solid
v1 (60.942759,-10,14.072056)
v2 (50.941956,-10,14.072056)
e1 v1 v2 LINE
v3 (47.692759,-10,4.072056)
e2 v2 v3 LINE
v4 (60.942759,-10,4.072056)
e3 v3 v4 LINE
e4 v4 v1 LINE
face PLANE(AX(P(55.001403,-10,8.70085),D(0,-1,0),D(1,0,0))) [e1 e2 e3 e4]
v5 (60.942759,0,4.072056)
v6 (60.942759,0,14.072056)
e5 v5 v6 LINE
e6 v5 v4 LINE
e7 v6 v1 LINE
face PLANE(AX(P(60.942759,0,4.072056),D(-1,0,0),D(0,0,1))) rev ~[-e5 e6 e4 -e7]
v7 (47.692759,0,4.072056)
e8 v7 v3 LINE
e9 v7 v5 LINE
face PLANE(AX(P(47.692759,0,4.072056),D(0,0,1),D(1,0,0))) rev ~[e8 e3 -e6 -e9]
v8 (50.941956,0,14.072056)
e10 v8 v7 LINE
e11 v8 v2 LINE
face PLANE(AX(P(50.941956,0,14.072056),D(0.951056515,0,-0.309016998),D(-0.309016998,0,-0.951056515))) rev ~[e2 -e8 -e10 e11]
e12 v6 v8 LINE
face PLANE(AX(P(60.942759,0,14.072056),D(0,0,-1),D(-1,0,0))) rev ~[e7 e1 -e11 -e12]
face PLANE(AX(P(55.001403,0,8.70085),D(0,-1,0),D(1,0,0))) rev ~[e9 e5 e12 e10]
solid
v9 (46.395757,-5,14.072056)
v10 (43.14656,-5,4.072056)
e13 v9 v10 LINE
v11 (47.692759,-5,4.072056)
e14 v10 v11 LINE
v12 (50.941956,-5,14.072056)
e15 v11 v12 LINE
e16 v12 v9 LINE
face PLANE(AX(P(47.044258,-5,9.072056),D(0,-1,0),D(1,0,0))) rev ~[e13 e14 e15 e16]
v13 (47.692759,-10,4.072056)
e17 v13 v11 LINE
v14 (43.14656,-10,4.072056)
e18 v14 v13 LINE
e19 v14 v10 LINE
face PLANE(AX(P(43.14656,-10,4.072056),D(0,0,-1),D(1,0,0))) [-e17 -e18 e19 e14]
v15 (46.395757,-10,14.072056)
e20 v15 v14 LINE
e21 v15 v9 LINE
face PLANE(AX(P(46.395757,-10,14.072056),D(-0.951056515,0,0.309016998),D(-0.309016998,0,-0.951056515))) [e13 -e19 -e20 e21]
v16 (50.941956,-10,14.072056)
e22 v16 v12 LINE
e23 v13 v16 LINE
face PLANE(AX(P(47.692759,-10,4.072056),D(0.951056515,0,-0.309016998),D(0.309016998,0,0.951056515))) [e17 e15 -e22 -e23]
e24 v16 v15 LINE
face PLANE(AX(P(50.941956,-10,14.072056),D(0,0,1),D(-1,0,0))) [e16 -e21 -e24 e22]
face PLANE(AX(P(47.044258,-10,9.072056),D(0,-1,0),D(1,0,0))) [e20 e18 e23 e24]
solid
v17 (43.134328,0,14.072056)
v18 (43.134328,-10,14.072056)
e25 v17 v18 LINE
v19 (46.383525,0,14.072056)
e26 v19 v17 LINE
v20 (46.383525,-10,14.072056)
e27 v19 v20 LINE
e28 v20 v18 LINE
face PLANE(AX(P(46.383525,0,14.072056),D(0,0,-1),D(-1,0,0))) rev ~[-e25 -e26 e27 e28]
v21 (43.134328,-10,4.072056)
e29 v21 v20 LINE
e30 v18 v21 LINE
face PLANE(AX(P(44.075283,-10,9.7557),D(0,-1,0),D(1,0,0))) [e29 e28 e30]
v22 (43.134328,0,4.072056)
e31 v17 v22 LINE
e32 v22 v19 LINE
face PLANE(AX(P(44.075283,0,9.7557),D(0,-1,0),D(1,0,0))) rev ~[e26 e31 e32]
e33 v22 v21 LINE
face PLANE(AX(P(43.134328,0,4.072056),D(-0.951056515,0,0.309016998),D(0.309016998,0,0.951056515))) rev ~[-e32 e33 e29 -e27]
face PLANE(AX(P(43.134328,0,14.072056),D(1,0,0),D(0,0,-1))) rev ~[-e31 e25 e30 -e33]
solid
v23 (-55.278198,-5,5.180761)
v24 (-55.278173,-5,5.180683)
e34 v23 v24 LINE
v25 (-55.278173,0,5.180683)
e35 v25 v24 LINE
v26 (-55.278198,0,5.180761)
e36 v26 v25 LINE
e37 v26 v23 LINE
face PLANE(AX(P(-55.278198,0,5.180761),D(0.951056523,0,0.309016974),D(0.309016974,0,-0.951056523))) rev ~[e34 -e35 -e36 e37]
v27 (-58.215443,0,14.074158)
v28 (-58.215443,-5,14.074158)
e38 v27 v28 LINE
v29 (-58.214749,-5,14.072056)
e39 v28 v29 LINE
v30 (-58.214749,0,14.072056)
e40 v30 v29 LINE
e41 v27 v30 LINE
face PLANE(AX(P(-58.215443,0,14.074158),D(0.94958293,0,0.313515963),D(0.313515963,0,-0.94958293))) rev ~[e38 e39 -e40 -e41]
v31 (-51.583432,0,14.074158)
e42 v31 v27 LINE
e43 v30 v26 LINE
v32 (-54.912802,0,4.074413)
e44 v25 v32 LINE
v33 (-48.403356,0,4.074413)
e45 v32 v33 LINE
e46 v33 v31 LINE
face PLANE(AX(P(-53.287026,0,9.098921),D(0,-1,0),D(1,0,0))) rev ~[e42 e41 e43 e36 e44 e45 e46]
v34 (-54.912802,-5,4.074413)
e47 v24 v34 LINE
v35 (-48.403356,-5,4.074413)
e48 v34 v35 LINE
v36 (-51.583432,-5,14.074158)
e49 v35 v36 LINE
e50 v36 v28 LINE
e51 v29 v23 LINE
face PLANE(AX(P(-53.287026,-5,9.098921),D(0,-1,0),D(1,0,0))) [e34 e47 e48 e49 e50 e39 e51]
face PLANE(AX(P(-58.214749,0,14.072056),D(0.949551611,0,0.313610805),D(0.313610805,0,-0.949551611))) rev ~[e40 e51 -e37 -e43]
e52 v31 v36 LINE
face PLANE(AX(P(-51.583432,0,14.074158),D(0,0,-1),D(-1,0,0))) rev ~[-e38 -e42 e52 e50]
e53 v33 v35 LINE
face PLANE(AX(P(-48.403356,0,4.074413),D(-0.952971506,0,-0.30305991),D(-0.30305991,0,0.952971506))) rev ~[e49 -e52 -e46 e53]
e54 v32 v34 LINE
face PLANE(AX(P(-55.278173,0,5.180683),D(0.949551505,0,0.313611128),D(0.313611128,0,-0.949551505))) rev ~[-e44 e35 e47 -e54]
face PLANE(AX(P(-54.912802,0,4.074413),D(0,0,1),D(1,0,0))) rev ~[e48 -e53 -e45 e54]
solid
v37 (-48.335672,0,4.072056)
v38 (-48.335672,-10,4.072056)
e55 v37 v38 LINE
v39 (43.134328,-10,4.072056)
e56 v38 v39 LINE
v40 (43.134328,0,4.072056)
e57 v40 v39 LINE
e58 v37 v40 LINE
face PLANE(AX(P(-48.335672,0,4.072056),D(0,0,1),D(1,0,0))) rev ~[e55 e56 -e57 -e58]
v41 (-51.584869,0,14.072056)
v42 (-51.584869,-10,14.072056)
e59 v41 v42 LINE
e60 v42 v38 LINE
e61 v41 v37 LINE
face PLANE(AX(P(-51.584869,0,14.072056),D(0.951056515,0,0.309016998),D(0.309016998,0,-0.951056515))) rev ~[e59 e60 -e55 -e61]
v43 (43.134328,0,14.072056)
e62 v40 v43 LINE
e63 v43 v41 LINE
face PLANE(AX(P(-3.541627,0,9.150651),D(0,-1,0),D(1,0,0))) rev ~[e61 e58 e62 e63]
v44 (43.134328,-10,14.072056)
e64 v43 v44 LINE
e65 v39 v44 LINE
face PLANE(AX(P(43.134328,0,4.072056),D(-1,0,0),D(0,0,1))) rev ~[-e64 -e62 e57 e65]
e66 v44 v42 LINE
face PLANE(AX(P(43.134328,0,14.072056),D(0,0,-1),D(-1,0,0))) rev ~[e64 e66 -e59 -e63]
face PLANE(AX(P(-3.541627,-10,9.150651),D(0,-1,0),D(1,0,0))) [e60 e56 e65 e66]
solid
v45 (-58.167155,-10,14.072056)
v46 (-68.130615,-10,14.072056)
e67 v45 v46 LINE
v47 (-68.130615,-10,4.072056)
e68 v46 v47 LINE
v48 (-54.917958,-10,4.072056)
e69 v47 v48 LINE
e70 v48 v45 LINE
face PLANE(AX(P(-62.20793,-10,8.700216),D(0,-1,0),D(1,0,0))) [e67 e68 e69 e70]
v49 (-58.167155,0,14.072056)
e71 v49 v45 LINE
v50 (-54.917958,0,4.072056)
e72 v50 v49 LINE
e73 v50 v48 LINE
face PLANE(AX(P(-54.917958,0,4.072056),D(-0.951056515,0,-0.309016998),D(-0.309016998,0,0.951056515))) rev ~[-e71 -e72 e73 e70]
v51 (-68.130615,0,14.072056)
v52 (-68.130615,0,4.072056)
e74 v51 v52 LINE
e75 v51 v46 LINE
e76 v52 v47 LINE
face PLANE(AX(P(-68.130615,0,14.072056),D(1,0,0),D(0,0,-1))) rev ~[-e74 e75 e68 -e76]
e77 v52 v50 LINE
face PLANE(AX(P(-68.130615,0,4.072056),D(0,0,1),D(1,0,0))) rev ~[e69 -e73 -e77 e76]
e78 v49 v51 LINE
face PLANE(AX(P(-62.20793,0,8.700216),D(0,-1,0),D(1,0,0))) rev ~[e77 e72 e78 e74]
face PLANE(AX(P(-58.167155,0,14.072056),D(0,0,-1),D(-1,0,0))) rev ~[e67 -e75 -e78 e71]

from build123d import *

# Parameters (mm, degrees)
F1_DEPTH = 10
F3_DEPTH = 5
F5_DEPTH = 10
F7_DEPTH = 5


with BuildPart() as f1:
    # F0 (on Front) → F1 (new body)
    with BuildSketch(Plane.XZ):
        Polygon((-58.167155, 14.072056), (-68.130615, 14.072056), (-68.130615, 4.072056), (-54.917958, 4.072056), align=None)
        Polygon((-48.335672, 4.072056), (43.134328, 4.072056), (43.134328, 14.072056), (-51.584869, 14.072056), align=None)
    extrude(amount=F1_DEPTH)


with BuildPart() as f3:
    # F2 (on face) → F3 (new body)
    with BuildSketch(Plane.XZ):
        Polygon((-55.278173, 5.180683), (-54.912802, 4.074413), (-48.403356, 4.074413), (-51.583432, 14.074158), (-58.215443, 14.074158), (-58.214749, 14.072056), (-58.167155, 14.072056), align=None)
        Polygon((-58.215443, 14.074158), (-54.912802, 4.074413), (-48.403356, 4.074413), (-51.583432, 14.074158), align=None)
    extrude(amount=F3_DEPTH)


with BuildPart() as f5:
    # F4 (on face) → F5 (new body)
    with BuildSketch(Plane.XZ):
        Polygon((60.942759, 4.072056), (60.942759, 14.072056), (50.941956, 14.072056), (47.692759, 4.072056), align=None)
        Polygon((46.383525, 14.072056), (43.134328, 14.072056), (43.134328, 4.072056), align=None)
    extrude(amount=F5_DEPTH)


with BuildPart() as f7:
    # F6 (on face) → F7 (new body)
    with BuildSketch(Plane.XZ.offset(10)):
        Polygon((47.692759, 4.072056), (50.941956, 14.072056), (46.395757, 14.072056), (43.14656, 4.072056), align=None)
    extrude(amount=-F7_DEPTH)


solid = Compound([f1.part, f3.part, f5.part, f7.part])
